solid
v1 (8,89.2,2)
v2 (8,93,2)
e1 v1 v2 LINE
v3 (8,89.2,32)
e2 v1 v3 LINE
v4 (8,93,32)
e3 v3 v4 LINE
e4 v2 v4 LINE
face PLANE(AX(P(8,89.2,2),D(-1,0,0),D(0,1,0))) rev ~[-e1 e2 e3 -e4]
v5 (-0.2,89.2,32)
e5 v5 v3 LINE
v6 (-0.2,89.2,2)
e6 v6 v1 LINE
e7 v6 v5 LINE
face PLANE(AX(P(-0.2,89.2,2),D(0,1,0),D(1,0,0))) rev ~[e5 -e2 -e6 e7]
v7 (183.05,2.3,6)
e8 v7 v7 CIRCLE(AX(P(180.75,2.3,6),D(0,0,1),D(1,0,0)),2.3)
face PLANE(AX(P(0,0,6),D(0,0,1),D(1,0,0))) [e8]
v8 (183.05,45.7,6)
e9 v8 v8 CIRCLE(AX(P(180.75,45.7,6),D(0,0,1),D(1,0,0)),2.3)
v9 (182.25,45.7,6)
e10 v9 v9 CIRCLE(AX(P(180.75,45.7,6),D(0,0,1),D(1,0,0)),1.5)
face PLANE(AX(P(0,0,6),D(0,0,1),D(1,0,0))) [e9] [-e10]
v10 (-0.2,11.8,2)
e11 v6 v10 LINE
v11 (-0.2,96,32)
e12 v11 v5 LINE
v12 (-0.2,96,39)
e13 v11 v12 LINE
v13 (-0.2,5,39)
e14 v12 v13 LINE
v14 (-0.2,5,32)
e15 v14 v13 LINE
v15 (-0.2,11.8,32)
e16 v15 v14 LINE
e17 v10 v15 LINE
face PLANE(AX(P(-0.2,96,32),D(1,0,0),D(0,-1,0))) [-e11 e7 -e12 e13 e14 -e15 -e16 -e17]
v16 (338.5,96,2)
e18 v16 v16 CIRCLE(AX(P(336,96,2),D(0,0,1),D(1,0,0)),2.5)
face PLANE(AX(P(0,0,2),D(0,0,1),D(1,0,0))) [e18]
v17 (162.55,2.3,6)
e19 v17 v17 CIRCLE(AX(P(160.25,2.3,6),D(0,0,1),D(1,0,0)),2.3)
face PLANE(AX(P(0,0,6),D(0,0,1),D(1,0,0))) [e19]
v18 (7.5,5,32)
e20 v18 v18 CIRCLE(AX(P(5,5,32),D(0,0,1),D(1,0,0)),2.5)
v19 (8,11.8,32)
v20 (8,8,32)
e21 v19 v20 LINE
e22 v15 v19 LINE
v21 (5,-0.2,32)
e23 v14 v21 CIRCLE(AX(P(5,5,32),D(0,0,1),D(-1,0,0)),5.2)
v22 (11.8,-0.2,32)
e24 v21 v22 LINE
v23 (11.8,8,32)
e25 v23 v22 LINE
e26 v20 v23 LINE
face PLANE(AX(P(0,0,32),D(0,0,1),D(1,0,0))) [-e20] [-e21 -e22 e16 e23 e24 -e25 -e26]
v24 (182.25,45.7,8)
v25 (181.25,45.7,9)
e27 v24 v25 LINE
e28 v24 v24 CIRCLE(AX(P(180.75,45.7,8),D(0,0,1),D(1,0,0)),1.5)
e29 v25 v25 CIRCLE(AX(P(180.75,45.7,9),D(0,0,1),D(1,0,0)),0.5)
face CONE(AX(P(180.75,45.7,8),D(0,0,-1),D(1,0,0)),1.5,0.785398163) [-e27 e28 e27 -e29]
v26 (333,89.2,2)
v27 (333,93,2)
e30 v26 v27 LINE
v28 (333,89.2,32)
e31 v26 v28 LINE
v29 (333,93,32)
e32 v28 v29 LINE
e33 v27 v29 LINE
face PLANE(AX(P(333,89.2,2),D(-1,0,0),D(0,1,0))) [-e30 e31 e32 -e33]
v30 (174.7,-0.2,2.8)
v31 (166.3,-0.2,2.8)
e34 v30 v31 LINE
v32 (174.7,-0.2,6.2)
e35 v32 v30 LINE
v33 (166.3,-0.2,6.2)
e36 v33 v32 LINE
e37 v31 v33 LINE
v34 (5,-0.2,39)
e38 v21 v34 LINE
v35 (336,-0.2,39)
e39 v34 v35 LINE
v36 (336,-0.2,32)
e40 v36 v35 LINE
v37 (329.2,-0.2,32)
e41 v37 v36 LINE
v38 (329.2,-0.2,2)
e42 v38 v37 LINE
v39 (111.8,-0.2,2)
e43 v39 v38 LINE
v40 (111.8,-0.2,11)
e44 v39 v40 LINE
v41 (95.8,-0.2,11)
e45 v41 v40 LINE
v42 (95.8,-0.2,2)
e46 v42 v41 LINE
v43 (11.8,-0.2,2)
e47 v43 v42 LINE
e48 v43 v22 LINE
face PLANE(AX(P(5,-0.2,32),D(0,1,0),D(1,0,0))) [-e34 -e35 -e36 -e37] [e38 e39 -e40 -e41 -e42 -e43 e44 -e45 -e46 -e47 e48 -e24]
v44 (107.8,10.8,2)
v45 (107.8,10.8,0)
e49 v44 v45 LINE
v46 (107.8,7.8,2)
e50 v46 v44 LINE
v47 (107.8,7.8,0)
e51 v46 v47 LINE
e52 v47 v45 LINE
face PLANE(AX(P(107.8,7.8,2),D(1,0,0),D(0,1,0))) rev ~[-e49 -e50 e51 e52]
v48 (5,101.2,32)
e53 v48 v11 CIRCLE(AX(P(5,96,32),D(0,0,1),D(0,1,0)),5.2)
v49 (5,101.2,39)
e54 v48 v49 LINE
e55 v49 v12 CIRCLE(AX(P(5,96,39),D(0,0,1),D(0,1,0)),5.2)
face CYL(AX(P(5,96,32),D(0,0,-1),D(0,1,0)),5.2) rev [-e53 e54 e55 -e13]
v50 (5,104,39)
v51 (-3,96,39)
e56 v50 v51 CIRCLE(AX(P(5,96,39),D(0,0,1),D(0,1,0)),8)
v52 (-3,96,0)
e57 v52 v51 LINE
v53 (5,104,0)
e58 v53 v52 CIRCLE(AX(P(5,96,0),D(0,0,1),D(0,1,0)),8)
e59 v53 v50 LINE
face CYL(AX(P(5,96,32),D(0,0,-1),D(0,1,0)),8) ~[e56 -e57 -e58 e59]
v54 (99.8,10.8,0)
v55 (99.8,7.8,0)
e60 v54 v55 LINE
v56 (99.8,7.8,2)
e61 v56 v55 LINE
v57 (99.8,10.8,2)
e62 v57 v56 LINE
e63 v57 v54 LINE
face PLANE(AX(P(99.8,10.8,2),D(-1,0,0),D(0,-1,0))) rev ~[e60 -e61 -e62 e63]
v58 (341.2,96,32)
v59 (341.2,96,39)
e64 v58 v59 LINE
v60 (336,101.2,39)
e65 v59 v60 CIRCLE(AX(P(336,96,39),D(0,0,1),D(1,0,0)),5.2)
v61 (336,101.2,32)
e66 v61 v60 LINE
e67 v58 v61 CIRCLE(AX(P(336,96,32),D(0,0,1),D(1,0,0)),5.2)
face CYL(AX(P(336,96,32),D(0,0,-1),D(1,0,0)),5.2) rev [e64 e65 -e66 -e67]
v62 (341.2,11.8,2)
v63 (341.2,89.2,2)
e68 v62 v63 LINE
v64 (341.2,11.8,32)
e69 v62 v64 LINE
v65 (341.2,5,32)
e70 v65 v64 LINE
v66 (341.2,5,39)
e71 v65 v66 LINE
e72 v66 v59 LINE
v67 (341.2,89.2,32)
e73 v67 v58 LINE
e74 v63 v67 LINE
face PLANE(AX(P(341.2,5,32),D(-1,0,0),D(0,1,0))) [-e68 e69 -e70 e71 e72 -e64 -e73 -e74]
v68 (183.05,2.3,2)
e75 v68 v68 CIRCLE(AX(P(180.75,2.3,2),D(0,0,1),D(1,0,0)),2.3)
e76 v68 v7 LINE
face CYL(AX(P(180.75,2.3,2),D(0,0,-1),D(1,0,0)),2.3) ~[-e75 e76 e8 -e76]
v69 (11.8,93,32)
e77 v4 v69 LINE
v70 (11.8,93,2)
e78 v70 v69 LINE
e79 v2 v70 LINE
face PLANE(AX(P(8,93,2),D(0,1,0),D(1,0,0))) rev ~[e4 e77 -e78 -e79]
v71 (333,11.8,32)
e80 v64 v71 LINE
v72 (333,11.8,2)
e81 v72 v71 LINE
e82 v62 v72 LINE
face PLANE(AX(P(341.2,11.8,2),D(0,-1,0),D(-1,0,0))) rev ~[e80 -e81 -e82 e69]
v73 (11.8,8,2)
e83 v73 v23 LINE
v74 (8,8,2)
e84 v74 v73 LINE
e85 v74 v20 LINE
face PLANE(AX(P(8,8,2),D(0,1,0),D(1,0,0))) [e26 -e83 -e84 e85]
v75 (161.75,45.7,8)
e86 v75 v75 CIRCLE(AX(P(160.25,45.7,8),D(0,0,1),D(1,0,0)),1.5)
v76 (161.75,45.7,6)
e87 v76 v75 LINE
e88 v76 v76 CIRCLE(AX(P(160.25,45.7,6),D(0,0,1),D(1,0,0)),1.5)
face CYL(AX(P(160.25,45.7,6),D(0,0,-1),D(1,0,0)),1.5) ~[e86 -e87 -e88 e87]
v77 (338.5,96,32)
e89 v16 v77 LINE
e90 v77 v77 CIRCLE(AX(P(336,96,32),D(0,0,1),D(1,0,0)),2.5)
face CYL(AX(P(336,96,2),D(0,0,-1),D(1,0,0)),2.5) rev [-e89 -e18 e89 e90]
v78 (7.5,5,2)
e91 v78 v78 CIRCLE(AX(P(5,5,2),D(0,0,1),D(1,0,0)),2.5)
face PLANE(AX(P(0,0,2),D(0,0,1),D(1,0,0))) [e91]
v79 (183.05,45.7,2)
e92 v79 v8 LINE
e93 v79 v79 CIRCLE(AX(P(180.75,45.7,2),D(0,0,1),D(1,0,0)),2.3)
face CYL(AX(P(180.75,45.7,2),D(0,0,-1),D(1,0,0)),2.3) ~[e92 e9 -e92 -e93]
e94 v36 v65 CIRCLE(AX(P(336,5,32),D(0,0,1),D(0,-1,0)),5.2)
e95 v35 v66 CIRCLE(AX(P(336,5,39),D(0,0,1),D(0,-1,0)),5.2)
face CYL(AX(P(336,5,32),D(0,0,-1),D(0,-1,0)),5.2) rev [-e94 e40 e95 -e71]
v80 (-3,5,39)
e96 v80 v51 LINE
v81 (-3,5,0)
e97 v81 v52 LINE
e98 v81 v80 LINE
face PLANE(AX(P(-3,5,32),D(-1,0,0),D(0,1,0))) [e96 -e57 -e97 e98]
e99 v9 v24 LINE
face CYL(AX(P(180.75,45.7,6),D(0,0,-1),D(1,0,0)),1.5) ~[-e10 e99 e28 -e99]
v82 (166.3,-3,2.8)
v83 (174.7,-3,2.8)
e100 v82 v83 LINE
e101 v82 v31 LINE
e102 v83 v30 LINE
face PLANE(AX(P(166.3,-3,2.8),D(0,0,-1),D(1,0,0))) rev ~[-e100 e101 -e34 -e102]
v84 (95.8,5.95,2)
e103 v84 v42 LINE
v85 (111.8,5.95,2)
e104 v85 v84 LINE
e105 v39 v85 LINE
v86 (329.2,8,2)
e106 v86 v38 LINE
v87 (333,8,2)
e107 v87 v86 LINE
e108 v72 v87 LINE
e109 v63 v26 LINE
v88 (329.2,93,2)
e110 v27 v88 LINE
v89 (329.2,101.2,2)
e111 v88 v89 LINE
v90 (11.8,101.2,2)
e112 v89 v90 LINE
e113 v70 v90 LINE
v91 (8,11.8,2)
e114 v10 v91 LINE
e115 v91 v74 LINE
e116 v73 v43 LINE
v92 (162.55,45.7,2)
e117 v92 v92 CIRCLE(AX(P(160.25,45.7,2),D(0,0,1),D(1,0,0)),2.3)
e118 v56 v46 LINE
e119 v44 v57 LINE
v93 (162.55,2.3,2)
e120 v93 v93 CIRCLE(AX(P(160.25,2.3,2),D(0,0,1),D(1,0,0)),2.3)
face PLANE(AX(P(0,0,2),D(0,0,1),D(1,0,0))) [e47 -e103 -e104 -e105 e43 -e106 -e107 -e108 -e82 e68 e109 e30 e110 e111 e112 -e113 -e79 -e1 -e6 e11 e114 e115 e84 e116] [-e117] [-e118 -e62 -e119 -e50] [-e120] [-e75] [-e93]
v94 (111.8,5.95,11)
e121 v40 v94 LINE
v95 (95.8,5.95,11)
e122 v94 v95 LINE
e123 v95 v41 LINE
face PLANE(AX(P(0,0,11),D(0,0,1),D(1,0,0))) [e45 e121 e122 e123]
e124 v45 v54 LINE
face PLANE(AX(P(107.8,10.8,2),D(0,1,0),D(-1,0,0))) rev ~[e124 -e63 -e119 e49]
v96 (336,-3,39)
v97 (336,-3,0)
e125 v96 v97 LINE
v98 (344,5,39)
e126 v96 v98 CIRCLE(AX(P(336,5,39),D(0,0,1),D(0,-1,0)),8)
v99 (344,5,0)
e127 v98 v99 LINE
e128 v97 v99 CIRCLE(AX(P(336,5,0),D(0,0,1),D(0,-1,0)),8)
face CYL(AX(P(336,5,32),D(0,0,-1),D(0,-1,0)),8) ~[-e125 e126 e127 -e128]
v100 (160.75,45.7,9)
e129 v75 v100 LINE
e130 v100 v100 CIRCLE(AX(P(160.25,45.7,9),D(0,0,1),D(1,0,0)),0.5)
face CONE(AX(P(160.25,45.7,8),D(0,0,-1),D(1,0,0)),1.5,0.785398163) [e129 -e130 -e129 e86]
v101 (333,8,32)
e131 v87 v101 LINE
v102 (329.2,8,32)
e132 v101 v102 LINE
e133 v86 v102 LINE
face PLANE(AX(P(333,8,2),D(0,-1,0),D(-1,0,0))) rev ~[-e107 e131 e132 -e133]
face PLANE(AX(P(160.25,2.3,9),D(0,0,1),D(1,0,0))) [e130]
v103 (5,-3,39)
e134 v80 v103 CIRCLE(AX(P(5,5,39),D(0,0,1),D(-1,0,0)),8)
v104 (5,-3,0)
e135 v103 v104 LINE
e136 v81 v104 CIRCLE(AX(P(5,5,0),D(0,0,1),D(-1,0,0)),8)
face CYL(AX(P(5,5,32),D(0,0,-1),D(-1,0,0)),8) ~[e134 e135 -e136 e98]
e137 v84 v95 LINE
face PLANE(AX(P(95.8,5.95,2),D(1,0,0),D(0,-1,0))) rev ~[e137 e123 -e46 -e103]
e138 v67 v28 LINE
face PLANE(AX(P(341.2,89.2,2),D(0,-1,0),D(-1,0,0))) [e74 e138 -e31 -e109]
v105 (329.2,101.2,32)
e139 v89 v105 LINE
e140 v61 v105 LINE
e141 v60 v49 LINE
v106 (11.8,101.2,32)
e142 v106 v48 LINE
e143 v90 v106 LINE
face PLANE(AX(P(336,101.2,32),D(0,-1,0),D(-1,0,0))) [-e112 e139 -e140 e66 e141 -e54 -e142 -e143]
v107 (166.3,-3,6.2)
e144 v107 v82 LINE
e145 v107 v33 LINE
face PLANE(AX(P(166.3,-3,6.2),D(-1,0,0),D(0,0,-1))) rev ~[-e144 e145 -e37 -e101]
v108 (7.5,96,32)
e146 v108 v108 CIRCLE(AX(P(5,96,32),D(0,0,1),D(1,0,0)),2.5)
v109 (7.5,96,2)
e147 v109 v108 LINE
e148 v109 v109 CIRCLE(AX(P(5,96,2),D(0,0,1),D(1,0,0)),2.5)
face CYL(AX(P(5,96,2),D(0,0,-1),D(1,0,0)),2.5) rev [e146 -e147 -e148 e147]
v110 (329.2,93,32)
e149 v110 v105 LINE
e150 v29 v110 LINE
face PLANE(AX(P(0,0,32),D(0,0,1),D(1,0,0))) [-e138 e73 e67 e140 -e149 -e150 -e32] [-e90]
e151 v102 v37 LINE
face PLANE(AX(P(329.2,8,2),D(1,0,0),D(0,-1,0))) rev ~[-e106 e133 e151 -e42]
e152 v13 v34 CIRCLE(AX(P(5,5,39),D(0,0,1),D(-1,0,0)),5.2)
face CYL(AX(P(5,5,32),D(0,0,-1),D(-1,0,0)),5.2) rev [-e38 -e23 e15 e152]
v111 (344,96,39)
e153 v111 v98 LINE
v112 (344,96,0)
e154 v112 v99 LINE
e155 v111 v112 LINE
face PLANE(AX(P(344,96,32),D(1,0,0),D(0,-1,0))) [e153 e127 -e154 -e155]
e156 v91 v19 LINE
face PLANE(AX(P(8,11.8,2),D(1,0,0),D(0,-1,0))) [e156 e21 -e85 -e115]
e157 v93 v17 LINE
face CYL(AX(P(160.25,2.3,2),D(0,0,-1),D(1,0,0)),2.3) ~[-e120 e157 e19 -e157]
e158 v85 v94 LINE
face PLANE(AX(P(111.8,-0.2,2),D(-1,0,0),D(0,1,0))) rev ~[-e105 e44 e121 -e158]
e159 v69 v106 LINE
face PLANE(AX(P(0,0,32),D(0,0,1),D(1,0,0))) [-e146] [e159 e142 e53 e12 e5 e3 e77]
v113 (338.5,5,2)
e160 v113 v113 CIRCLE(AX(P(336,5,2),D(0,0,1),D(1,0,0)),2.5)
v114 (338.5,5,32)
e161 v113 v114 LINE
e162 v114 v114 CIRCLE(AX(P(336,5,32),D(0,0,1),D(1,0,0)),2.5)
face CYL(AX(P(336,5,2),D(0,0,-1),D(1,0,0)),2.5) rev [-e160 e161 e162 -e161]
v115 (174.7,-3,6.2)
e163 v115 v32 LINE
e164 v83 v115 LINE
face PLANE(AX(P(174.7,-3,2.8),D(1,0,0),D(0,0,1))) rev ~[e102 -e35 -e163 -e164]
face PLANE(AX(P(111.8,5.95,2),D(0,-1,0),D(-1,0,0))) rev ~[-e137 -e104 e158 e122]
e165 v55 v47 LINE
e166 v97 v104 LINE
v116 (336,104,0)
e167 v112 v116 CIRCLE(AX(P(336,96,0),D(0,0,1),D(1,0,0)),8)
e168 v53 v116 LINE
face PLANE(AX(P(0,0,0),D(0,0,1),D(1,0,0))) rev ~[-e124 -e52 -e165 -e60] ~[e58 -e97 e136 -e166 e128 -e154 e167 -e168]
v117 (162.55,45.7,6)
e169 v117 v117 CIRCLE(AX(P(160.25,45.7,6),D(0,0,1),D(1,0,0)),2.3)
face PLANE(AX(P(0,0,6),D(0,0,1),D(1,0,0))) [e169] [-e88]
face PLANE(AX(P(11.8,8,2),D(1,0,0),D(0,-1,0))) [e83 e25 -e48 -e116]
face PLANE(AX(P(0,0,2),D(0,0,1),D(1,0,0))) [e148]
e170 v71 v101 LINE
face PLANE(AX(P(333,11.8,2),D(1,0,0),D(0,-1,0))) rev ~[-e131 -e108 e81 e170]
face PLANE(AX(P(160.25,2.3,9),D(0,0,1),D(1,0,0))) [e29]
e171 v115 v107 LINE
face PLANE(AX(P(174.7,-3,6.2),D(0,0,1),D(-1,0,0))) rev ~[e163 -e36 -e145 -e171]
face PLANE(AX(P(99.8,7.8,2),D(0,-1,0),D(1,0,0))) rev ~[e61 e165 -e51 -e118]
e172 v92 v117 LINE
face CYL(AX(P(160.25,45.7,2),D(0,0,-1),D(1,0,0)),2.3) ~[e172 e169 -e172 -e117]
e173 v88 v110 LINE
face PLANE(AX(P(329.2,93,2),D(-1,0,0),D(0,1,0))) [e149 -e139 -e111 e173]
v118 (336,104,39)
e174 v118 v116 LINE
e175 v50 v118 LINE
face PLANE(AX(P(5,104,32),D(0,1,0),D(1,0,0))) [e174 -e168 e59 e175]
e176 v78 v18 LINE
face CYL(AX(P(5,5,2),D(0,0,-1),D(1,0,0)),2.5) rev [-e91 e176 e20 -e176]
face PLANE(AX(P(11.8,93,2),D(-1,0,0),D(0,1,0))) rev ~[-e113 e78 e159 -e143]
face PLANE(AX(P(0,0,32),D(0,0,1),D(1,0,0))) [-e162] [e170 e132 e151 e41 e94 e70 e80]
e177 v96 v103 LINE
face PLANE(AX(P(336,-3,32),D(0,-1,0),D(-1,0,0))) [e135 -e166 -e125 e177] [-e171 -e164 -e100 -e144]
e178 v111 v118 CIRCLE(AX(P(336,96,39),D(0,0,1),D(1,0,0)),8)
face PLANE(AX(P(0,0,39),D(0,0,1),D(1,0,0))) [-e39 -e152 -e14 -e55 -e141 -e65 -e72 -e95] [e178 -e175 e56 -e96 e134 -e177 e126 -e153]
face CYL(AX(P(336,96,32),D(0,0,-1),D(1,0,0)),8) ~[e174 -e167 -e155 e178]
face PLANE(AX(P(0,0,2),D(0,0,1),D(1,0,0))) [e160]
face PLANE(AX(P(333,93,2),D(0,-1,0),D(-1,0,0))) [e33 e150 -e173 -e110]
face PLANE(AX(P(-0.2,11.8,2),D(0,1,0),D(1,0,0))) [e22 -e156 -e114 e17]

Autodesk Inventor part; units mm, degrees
ref_plane "YZ Plane" through (0, 0, 0) normal (1, 0, 0) x (0, 1, 0)
ref_plane "XZ Plane" through (0, 0, 0) normal (0, 1, 0) x (-1, 0, 0)
ref_plane "XY Plane" through (0, 0, 0) normal (0, 0, 1) x (1, 0, 0)
sketch "Sketch1" plane through (0, 0, 0) normal (0, 0, 1) x (1, 0, 0)
  line L0 (5, 0) -> (336, 0)
  line L1 (341, 5) -> (341, 96)
  line L2 (336, 101) -> (5, 101)
  line L3 (0, 96) -> (0, 5)
  arc A0 (5, 101) -> (0, 96) centre (5, 96) ccw
  arc A1 (0, 5) -> (5, 0) centre (5, 5) ccw
  arc A2 (341, 96) -> (336, 101) centre (336, 96) ccw
  arc A3 (336, 0) -> (341, 5) centre (336, 5) ccw
  line L4 (5, 101.2) -> (336, 101.2)
  arc A4 (341.2, 96) -> (336, 101.2) centre (336, 96) ccw
  line L5 (341.2, 96) -> (341.2, 5)
  arc A5 (336, -0.2) -> (341.2, 5) centre (336, 5) ccw
  line L6 (336, -0.2) -> (5, -0.2)
  arc A6 (-0.2, 5) -> (5, -0.2) centre (5, 5) ccw
  line L7 (-0.2, 5) -> (-0.2, 96)
  arc A7 (5, 101.2) -> (-0.2, 96) centre (5, 96) ccw
  line L8 (5, 104) -> (336, 104)
  arc A8 (344, 96) -> (336, 104) centre (336, 96) ccw
  line L9 (344, 96) -> (344, 5)
  arc A9 (336, -3) -> (344, 5) centre (336, 5) ccw
  line L10 (336, -3) -> (5, -3)
  arc A10 (-3, 5) -> (5, -3) centre (5, 5) ccw
  line L11 (-3, 5) -> (-3, 96)
  arc A11 (5, 104) -> (-3, 96) centre (5, 96) ccw
  point P0 (0, 0)
  point P1 (341, 101)
  point P2 (0, 101)
  dimension "d0" = 341
  dimension "d1" = 101
  dimension "d2" = 5
  dimension "d3" = 0.2
  dimension "d4" = 3
extrude "Extrusion1" add sketch "Sketch1" along normal blind 2 contours A1 L3 A0 L2 A2 L1 A3 L0 | L4 A4 L5 A5 L6 A6 L7 A7 | L8 A8 L9 A9 L10 A10 L11 A11
sketch "Sketch2" plane through (0, 0, 2) normal (0, 0, 1) x (1, 0, 0)
  line L0 (5, 104) -> (336, 104)
  line L1 (344, 96) -> (344, 5)
  line L2 (336, -3) -> (5, -3)
  line L3 (-3, 5) -> (-3, 96)
  line L4 (344, 5) -> (344, 96) projected
  line L5 (5, -3) -> (336, -3) projected
  arc A0 (5, 104) -> (-3, 96) centre (5, 96) ccw
  arc A1 (-3, 5) -> (5, -3) centre (5, 5) ccw
  arc A2 (336, -3) -> (344, 5) centre (336, 5) ccw
  arc A3 (344, 96) -> (336, 104) centre (336, 96) ccw
  line L6 (336, 101.2) -> (5, 101.2)
  arc A4 (5, 101.2) -> (-0.2, 96) centre (5, 96) ccw
  line L7 (-0.2, 96) -> (-0.2, 5)
  arc A5 (-0.2, 5) -> (5, -0.2) centre (5, 5) ccw
  line L8 (5, -0.2) -> (336, -0.2)
  arc A6 (336, -0.2) -> (341.2, 5) centre (336, 5) ccw
  line L9 (341.2, 5) -> (341.2, 96)
  arc A7 (341.2, 96) -> (336, 101.2) centre (336, 96) ccw
  circle A8 centre (5, 96) radius 2.5
  line L10 (9, 92) -> (332, 92)
  line L11 (332, 92) -> (332, 9)
  line L12 (332, 9) -> (9, 9)
  line L13 (9, 9) -> (9, 92)
  line L14 (-0.2, 89.2) -> (8, 89.2)
  line L15 (8, 89.2) -> (8, 93)
  line L16 (8, 93) -> (11.8, 93)
  line L17 (11.8, 93) -> (11.8, 101.2)
  line L18 (9, 9) -> (332, 92)
  line L19 (170.5, 64.427) -> (170.5, 38.8649)
  line L20 (118.7328, 50.5) -> (212.1169, 50.5)
  circle A9 centre (336, 96) radius 2.5
  line L21 (341.2, 89.2) -> (333, 89.2)
  line L22 (333, 89.2) -> (333, 93)
  line L23 (333, 93) -> (329.2, 93)
  line L24 (329.2, 93) -> (329.2, 101.2)
  circle A10 centre (5, 5) radius 2.5
  line L25 (-0.2, 11.8) -> (8, 11.8)
  line L26 (8, 11.8) -> (8, 8)
  line L27 (8, 8) -> (11.8, 8)
  line L28 (11.8, 8) -> (11.8, -0.2)
  line L29 (329.2, 8) -> (329.2, -0.2)
  line L30 (333, 8) -> (329.2, 8)
  line L31 (333, 11.8) -> (333, 8)
  line L32 (341.2, 11.8) -> (333, 11.8)
  circle A11 centre (336, 5) radius 2.5
  point P0 (0, 0)
  dimension "d7" = 0
  dimension "d8" = 0
  dimension "d9" = 8
  dimension "d10" = 2.8
  dimension "d11" = 5
  dimension "d12" = 5.2
  dimension "d13" = 5.2
  dimension "d19" = 9.2
  dimension "d20" = 9.2
  dimension "d21" = 9.2
  dimension "d22" = 9.2
  dimension "d23" = 1
  dimension "d24" = 1
  dimension "d25" = 12
  dimension "d26" = 12
extrude "Extrusion2" add sketch "Sketch2" along normal blind 30 contours L0 A3 L1 A2 L2 A1 L3 A0 | A7 L9 L21 L22 L23 L24 L6 | L17 L16 L15 L14 L7 A4 L6 | L9 A6 L8 L29 L30 L31 L32 | L25 L26 L27 L28 L8 A5 L7
sketch "Sketch3" plane through (0, 0, 32) normal (0, 0, 1) x (1, 0, 0)
  line L0 (5, 104) -> (336, 104)
  line L1 (344, 96) -> (344, 5)
  line L2 (336, -3) -> (5, -3)
  line L3 (-3, 5) -> (-3, 96)
  arc A0 (5, 104) -> (-3, 96) centre (5, 96) ccw
  arc A1 (-3, 5) -> (5, -3) centre (5, 5) ccw
  arc A2 (336, -3) -> (344, 5) centre (336, 5) ccw
  arc A3 (344, 96) -> (336, 104) centre (336, 96) ccw
  line L4 (336, 101.2) -> (5, 101.2)
  arc A4 (5, 101.2) -> (-0.2, 96) centre (5, 96) ccw
  line L5 (-0.2, 96) -> (-0.2, 5)
  arc A5 (-0.2, 5) -> (5, -0.2) centre (5, 5) ccw
  line L6 (5, -0.2) -> (336, -0.2)
  arc A6 (336, -0.2) -> (341.2, 5) centre (336, 5) ccw
  line L7 (341.2, 5) -> (341.2, 96)
  arc A7 (341.2, 96) -> (336, 101.2) centre (336, 96) ccw
  point P0 (0, 0)
  dimension "d29" = 8
  dimension "d30" = 2.8
extrude "Extrusion3" add sketch "Sketch3" along normal blind 7
sketch "Sketch4" plane through (0, 0, 2) normal (0, 0, 1) x (1, 0, 0)
  line L0 (336, -0.2) -> (5, -0.2) projected
  line L1 (157.75, -0.2) -> (183.25, -0.2)
  line L2 (183.25, -0.2) -> (183.25, 48.2)
  line L3 (183.25, 48.2) -> (157.75, 48.2)
  line L4 (157.75, 48.2) -> (157.75, -0.2)
  line L5 (-0.2, 5) -> (-0.2, 96) projected
  circle A0 centre (160.25, 45.7) radius 2.3
  circle A1 centre (180.75, 45.7) radius 2.3
  circle A2 centre (160.25, 2.3) radius 2.3
  circle A3 centre (180.75, 2.3) radius 2.3
  point P0 (0, 0)
  dimension "d33" = 25.5
  dimension "d34" = 48.4
  dimension "d35" = 157.95
  dimension "d36" = 4.6
  dimension "d37" = 4.6
  dimension "d38" = 4.6
  dimension "d39" = 4.6
  dimension "d40" = 2.5
  dimension "d41" = 2.5
  dimension "d42" = 2.5
  dimension "d43" = 2.5
  dimension "d44" = 2.5
  dimension "d45" = 2.5
  dimension "d46" = 2.5
  dimension "d47" = 2.5
extrude "Extrusion4" add sketch "Sketch4" along normal blind 4 contours A0 | A1 | A2 | A3
sketch "Sketch5" plane through (160.25, 2.3, 6) normal (0, 0, 1) x (1, 0, 0)
  circle A0 centre (0, 43.4) radius 2.3 projected
  circle A1 centre (0, 43.4) radius 1.5
  circle A2 centre (20.5, 43.4) radius 2.3 projected
  circle A3 centre (20.5, 43.4) radius 1.5
  circle A4 centre (0, 0) radius 2.3 projected
  circle A5 centre (0, 0) radius 1.5
  circle A6 centre (20.5, 0) radius 2.3 projected
  circle A7 centre (20.5, 0) radius 1.5
  point P0 (-160.25, -2.3)
  dimension "d50" = 3
  dimension "d51" = 3
  dimension "d52" = 3
  dimension "d53" = 3
extrude "Extrusion5" add sketch "Sketch5" along normal blind 3 contours A1 | A3
chamfer "Chamfer1" distance 1 angle 45 2 edges at (158.75, 45.7, 9) (179.25, 45.7, 9)
sketch "Sketch6" plane through (5, -3, 0) normal (0, -1, 0) x (1, 0, 0)
  line L0 (161.3, 2.8) -> (169.7, 2.8)
  line L1 (169.7, 2.8) -> (169.7, 6.2)
  line L2 (169.7, 6.2) -> (161.3, 6.2)
  line L3 (161.3, 6.2) -> (161.3, 2.8)
  line L4 (6.8, 2) -> (324.2, 2) projected
  line L5 (0, 0) -> (0, 39) projected
  point P0 (-5, 0)
  dimension "d59" = 8.4
  dimension "d60" = 3.4
  dimension "d61" = 4.2
  dimension "d62" = 161.3
extrude "Extrusion6" cut sketch "Sketch6" against normal blind 3
sketch "Sketch7" plane through (0, 0, 2) normal (0, 0, 1) x (1, 0, 0)
  line L0 (99.8, 7.8) -> (107.8, 7.8)
  line L1 (107.8, 7.8) -> (107.8, 10.8)
  line L2 (107.8, 10.8) -> (99.8, 10.8)
  line L3 (99.8, 10.8) -> (99.8, 7.8)
  line L4 (336, -0.2) -> (5, -0.2) projected
  line L5 (-0.2, 5) -> (-0.2, 96) projected
  point P0 (0, 0)
  dimension "d65" = 8
  dimension "d66" = 3
  dimension "d67" = 8
  dimension "d68" = 100
extrude "Extrusion7" cut sketch "Sketch7" against normal blind 3
sketch "Sketch8" plane through (0, 0, 2) normal (0, 0, 1) x (1, 0, 0)
  line L0 (11.8, -0.2) -> (329.2, -0.2) projected
  line L1 (95.8, -0.2) -> (111.8, -0.2)
  line L2 (111.8, -0.2) -> (111.8, 5.95)
  line L3 (111.8, 5.95) -> (95.8, 5.95)
  line L4 (95.8, 5.95) -> (95.8, -0.2)
  line L5 (107.8, 7.8) -> (99.8, 7.8) projected
  line L6 (99.8, 7.8) -> (99.8, 10.8) projected
  point P0 (0, 0)
  dimension "d71" = 16
  dimension "d72" = 1.85
  dimension "d73" = 4
extrude "Extrusion8" add sketch "Sketch8" along normal blind 9
properties part number "Case Full"
